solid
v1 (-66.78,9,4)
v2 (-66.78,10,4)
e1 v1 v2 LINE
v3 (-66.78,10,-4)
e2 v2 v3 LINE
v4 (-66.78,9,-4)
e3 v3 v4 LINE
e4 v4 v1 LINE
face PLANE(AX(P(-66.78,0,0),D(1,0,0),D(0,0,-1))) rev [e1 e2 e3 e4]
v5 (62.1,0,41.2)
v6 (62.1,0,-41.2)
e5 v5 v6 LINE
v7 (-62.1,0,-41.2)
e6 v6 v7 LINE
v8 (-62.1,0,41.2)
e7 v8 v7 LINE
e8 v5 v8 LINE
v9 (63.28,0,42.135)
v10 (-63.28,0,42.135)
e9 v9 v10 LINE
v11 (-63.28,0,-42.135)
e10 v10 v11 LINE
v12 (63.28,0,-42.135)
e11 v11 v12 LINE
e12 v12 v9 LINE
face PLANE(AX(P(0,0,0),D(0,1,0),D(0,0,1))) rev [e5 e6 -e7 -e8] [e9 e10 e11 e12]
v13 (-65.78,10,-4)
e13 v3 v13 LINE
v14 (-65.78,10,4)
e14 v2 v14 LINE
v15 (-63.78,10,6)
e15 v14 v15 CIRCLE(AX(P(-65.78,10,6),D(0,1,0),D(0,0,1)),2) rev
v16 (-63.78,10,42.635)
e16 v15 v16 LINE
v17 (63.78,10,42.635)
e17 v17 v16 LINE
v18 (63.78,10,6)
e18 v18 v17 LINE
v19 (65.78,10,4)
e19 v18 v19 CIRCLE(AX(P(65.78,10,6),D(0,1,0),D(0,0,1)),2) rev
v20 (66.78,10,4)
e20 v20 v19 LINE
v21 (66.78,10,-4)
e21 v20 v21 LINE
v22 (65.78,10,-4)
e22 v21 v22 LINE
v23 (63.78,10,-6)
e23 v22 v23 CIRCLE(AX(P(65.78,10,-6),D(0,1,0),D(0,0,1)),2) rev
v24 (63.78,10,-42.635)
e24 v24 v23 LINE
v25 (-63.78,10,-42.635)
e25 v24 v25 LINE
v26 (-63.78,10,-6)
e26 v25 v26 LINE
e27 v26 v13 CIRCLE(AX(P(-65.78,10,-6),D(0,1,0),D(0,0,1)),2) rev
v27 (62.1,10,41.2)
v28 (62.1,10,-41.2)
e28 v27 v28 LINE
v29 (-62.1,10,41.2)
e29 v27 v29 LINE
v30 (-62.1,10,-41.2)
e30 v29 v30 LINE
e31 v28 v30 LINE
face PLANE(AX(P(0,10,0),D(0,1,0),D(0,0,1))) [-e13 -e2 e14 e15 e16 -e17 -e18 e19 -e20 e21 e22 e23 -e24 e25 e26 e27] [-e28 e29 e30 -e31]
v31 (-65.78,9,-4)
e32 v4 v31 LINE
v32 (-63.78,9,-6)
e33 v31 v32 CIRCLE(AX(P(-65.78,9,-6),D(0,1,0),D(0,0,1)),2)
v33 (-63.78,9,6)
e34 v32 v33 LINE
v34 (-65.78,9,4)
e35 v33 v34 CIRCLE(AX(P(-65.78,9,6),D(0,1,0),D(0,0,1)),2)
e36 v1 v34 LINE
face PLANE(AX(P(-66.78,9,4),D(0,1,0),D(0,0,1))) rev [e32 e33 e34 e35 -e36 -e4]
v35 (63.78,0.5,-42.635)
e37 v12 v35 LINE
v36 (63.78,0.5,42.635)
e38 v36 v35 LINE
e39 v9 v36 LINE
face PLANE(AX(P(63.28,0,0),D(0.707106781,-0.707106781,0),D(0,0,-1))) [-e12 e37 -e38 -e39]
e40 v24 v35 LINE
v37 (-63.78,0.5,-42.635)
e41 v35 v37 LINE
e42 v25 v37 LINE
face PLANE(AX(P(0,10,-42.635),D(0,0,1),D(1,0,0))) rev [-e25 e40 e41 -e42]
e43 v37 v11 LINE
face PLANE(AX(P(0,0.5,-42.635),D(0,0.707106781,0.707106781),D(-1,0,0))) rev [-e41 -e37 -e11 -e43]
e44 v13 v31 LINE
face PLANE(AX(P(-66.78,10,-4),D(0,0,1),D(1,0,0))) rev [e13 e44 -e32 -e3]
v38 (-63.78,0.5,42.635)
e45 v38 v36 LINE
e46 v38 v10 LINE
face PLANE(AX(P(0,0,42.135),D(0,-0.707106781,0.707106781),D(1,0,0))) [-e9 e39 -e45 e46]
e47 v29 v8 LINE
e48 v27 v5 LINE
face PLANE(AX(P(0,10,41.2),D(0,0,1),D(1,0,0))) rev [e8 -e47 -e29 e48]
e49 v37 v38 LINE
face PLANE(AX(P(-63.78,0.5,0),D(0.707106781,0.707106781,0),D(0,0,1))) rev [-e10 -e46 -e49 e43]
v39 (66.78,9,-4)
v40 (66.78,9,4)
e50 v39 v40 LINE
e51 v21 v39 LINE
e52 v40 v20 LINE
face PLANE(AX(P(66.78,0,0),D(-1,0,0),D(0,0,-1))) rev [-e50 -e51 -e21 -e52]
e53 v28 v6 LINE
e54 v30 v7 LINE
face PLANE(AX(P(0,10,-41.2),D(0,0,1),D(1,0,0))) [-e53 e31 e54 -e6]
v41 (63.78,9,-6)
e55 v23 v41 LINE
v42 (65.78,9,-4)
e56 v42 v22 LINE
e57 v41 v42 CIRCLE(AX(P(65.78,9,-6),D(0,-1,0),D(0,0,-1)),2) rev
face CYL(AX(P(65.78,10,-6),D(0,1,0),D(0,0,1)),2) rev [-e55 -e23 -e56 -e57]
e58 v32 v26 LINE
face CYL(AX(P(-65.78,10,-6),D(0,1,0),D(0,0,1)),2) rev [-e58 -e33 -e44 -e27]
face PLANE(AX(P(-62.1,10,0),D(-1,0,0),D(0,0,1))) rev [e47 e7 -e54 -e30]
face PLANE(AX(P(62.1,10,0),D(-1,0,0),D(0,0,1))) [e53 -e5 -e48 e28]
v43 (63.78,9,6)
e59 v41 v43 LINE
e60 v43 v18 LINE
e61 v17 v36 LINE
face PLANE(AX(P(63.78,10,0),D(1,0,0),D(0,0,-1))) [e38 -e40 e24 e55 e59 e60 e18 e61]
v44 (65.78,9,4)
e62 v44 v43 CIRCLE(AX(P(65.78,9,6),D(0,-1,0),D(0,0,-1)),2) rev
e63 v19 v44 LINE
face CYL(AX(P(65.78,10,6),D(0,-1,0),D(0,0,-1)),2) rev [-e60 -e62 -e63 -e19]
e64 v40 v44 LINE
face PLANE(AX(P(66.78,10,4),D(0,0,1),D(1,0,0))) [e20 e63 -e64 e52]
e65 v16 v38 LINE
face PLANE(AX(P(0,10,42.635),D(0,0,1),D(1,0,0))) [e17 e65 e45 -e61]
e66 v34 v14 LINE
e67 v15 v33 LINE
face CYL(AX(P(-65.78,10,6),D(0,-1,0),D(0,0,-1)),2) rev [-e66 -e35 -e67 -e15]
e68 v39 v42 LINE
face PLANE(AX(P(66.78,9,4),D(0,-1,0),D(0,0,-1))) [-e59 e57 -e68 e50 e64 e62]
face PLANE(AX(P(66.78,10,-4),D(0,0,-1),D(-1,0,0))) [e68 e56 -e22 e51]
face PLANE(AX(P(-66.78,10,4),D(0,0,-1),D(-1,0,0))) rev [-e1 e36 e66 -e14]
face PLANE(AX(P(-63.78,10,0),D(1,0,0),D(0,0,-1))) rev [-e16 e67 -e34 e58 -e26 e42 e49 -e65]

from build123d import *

# Parameters (mm, degrees)
SKETCH2_W           = 127.56
SKETCH2_H           = 85.27
SKETCH2_W_2         = 124.2
SKETCH2_H_2         = 82.4
BOSS_EXTRUDE1_DEPTH = 10
SKETCH3_W           = 8
SKETCH3_H           = 1
BOSS_EXTRUDE2_DEPTH = 3
CHAMFER1_SIZE       = 0.5
FILLET1_R           = 2


with BuildPart() as part:
    # Sketch2 → Boss-Extrude1 (new body)
    with BuildSketch(Plane(origin=(0, 0, 0), x_dir=(1, 0, 0), z_dir=(0, 1, 0))):
        Rectangle(SKETCH2_W, SKETCH2_H)
        Rectangle(SKETCH2_W_2, SKETCH2_H_2, mode=Mode.SUBTRACT)
    extrude(amount=BOSS_EXTRUDE1_DEPTH)

    # Sketch3 → Boss-Extrude2 (add)
    with BuildSketch(Plane.ZY.offset(63.78)):
        with Locations((0, 9.5)):
            Rectangle(SKETCH3_W, SKETCH3_H)
    boss_extrude2 = extrude(amount=BOSS_EXTRUDE2_DEPTH)

    # Chamfer1
    chamfer1_edges = [part.edges().sort_by_distance(p)[0] for p in [
        (0, 0, 42.635),
        (-63.78, 0, 0),
        (0, 0, -42.635),
        (63.78, 0, 0),
    ]]
    chamfer(chamfer1_edges, length=CHAMFER1_SIZE)

    # Mirror1: Boss-Extrude2 across plane
    add(boss_extrude2.mirror(Plane(origin=(0, 0, 0), x_dir=(0, 0, 1), z_dir=(1, 0, 0))))

    # Fillet1
    fillet1_edges = [part.edges().sort_by_distance(p)[0] for p in [
        (-63.78, 9.5, -4),
        (-63.78, 9.5, 4),
        (63.78, 9.5, -4),
        (63.78, 9.5, 4),
    ]]
    fillet(fillet1_edges, radius=FILLET1_R)


solid = part.part
